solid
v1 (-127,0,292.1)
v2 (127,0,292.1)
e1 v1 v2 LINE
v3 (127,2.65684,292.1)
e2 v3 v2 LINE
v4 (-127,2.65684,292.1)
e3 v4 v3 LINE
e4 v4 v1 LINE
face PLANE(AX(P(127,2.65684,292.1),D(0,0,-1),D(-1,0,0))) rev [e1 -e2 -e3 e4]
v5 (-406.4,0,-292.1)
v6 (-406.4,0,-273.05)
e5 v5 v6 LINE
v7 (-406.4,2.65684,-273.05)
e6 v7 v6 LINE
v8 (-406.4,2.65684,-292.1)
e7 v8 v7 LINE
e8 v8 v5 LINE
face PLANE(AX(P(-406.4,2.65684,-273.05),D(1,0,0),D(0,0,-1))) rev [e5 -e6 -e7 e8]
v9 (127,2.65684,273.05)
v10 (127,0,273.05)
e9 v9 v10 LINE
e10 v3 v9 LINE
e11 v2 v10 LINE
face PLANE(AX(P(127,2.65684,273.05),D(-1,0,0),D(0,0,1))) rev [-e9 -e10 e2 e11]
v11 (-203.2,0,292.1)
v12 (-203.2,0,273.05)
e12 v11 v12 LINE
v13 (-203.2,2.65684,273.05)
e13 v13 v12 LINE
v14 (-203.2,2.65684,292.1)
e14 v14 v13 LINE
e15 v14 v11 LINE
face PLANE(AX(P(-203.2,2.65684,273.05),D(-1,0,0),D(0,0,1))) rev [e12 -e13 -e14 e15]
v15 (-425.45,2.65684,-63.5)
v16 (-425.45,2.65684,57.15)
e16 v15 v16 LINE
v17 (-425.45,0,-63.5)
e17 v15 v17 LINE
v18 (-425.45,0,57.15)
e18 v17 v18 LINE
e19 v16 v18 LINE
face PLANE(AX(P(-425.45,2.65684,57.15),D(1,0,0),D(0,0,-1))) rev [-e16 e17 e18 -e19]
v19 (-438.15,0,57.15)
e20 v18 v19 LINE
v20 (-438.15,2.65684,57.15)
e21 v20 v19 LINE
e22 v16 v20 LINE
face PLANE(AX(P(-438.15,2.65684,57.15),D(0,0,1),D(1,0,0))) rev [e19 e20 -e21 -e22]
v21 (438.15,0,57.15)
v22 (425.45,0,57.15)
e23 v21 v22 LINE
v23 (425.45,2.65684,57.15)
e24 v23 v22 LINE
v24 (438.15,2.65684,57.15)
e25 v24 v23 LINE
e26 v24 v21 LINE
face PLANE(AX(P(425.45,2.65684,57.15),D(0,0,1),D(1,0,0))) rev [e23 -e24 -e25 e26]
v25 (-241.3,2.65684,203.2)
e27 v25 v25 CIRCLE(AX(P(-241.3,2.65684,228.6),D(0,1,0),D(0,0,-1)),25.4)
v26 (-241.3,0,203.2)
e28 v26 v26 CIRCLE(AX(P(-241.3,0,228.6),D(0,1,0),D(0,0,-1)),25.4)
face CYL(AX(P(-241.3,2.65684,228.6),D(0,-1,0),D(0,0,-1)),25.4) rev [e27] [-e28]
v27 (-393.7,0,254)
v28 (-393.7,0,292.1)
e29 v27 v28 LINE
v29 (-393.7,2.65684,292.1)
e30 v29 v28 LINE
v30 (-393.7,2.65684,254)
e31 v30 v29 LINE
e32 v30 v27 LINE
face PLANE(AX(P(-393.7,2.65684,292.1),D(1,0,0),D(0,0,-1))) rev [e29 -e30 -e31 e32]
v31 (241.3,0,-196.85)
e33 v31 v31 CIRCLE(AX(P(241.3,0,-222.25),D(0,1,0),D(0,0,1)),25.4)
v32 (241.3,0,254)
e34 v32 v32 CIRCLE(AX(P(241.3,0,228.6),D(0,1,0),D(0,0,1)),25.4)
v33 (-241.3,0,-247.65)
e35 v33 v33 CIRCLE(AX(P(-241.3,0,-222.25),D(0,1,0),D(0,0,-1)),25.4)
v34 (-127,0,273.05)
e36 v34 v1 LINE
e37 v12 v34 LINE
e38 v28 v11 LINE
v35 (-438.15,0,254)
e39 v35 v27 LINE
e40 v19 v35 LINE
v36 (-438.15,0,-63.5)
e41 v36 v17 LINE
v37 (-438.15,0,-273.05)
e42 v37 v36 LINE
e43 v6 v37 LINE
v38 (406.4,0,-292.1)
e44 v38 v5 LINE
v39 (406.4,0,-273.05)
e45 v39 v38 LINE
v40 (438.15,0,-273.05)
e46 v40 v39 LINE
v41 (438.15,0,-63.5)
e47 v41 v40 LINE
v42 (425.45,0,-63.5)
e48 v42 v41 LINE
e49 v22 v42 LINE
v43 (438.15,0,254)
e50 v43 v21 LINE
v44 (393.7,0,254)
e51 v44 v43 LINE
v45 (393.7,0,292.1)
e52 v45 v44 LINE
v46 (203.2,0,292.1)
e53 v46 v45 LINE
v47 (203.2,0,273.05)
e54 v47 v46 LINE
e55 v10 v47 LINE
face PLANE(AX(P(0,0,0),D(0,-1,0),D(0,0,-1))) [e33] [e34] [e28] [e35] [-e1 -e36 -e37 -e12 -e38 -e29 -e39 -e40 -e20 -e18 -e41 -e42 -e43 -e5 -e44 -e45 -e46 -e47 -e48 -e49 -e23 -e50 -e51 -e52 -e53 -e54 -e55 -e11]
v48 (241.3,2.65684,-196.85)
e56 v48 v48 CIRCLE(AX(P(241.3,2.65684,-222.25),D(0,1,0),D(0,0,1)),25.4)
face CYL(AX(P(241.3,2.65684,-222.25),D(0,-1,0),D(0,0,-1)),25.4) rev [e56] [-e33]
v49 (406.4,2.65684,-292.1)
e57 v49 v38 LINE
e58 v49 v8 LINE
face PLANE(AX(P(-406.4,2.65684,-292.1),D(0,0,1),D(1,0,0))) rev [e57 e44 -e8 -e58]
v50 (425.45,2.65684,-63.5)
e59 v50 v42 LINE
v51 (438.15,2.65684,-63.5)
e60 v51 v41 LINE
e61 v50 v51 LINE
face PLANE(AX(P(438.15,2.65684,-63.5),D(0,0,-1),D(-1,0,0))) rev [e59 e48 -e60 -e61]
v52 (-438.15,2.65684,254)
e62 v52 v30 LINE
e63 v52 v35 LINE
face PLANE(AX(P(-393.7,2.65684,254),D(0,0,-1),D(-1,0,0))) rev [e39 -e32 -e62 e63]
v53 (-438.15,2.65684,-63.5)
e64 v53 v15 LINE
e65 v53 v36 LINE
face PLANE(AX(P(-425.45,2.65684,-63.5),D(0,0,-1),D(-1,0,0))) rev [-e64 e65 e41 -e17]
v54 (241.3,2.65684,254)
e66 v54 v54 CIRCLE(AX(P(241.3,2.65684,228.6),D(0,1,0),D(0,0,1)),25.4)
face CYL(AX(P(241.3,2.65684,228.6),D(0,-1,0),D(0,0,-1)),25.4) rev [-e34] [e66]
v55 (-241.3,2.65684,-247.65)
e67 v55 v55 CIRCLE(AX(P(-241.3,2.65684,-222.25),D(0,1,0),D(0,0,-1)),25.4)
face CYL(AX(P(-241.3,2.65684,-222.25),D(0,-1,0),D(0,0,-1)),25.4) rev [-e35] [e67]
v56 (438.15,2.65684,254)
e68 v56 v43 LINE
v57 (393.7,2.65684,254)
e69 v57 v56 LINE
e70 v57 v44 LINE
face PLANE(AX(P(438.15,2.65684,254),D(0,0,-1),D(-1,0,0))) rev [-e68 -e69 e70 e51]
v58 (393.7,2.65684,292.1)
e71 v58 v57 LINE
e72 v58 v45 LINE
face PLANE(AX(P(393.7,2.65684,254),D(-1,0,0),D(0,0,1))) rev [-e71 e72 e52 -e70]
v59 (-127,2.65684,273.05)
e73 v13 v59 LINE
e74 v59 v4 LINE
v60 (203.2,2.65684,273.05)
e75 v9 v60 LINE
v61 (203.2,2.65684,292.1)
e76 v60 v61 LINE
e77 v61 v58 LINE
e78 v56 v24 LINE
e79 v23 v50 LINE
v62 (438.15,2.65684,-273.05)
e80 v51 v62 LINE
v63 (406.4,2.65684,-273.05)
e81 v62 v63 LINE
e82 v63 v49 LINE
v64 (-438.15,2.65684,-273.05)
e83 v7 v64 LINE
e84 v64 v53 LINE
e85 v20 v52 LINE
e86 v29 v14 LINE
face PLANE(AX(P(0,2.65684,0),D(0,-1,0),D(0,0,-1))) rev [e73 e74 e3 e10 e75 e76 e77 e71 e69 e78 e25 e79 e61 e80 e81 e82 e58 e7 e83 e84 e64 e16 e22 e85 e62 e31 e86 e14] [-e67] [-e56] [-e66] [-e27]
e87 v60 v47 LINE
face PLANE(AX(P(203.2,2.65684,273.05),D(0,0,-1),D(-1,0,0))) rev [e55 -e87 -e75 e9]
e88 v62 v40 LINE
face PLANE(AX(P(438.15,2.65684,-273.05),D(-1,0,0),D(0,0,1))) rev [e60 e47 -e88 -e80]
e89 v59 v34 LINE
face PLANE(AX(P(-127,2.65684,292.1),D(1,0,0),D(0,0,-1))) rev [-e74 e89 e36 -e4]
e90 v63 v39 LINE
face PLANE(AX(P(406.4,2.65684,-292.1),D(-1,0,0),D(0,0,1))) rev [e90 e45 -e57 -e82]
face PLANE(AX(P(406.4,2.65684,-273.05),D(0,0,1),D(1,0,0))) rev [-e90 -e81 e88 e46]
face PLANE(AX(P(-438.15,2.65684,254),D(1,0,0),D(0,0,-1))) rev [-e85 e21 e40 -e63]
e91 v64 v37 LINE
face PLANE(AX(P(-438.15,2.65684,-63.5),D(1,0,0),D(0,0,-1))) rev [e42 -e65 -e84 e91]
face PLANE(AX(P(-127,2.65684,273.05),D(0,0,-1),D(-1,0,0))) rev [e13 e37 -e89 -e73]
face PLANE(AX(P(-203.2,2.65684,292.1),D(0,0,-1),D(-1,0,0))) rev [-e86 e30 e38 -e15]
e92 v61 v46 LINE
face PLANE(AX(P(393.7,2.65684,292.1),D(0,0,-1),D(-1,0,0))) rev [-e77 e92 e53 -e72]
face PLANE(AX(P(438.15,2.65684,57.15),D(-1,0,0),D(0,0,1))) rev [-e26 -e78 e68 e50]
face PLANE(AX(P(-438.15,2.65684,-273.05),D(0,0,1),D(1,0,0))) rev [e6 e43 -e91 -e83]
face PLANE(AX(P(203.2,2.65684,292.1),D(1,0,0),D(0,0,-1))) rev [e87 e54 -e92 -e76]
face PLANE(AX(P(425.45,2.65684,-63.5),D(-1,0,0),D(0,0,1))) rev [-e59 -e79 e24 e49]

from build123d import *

# Parameters (mm, degrees)
SKETCH1_R           = 25.4
BOSS_EXTRUDE1_DEPTH = 2.65684


with BuildPart() as part:
    # Sketch1 → Boss-Extrude1 (new body)
    with BuildSketch(Plane(origin=(0, 0, 0), x_dir=(1, 0, 0), z_dir=(0, 1, 0))):
        Polygon((-438.15, 273.05), (-406.4, 273.05), (-406.4, 292.1), (406.4, 292.1), (406.4, 273.05), (438.15, 273.05), (438.15, 63.5), (425.45, 63.5), (425.45, -57.15), (438.15, -57.15), (438.15, -254), (393.7, -254), (393.7, -292.1), (203.2, -292.1), (203.2, -273.05), (127, -273.05), (127, -292.1), (-127, -292.1), (-127, -273.05), (-203.2, -273.05), (-203.2, -292.1), (-393.7, -292.1), (-393.7, -254), (-438.15, -254), (-438.15, -57.15), (-425.45, -57.15), (-425.45, 63.5), (-438.15, 63.5), align=None)
        with Locations((241.3, 222.25)):
            Circle(SKETCH1_R, mode=Mode.SUBTRACT)
        with Locations((241.3, -228.6)):
            Circle(SKETCH1_R, mode=Mode.SUBTRACT)
        with Locations((-241.3, 222.25)):
            Circle(SKETCH1_R, mode=Mode.SUBTRACT)
        with Locations((-241.3, -228.6)):
            Circle(SKETCH1_R, mode=Mode.SUBTRACT)
    extrude(amount=BOSS_EXTRUDE1_DEPTH)


solid = part.part
